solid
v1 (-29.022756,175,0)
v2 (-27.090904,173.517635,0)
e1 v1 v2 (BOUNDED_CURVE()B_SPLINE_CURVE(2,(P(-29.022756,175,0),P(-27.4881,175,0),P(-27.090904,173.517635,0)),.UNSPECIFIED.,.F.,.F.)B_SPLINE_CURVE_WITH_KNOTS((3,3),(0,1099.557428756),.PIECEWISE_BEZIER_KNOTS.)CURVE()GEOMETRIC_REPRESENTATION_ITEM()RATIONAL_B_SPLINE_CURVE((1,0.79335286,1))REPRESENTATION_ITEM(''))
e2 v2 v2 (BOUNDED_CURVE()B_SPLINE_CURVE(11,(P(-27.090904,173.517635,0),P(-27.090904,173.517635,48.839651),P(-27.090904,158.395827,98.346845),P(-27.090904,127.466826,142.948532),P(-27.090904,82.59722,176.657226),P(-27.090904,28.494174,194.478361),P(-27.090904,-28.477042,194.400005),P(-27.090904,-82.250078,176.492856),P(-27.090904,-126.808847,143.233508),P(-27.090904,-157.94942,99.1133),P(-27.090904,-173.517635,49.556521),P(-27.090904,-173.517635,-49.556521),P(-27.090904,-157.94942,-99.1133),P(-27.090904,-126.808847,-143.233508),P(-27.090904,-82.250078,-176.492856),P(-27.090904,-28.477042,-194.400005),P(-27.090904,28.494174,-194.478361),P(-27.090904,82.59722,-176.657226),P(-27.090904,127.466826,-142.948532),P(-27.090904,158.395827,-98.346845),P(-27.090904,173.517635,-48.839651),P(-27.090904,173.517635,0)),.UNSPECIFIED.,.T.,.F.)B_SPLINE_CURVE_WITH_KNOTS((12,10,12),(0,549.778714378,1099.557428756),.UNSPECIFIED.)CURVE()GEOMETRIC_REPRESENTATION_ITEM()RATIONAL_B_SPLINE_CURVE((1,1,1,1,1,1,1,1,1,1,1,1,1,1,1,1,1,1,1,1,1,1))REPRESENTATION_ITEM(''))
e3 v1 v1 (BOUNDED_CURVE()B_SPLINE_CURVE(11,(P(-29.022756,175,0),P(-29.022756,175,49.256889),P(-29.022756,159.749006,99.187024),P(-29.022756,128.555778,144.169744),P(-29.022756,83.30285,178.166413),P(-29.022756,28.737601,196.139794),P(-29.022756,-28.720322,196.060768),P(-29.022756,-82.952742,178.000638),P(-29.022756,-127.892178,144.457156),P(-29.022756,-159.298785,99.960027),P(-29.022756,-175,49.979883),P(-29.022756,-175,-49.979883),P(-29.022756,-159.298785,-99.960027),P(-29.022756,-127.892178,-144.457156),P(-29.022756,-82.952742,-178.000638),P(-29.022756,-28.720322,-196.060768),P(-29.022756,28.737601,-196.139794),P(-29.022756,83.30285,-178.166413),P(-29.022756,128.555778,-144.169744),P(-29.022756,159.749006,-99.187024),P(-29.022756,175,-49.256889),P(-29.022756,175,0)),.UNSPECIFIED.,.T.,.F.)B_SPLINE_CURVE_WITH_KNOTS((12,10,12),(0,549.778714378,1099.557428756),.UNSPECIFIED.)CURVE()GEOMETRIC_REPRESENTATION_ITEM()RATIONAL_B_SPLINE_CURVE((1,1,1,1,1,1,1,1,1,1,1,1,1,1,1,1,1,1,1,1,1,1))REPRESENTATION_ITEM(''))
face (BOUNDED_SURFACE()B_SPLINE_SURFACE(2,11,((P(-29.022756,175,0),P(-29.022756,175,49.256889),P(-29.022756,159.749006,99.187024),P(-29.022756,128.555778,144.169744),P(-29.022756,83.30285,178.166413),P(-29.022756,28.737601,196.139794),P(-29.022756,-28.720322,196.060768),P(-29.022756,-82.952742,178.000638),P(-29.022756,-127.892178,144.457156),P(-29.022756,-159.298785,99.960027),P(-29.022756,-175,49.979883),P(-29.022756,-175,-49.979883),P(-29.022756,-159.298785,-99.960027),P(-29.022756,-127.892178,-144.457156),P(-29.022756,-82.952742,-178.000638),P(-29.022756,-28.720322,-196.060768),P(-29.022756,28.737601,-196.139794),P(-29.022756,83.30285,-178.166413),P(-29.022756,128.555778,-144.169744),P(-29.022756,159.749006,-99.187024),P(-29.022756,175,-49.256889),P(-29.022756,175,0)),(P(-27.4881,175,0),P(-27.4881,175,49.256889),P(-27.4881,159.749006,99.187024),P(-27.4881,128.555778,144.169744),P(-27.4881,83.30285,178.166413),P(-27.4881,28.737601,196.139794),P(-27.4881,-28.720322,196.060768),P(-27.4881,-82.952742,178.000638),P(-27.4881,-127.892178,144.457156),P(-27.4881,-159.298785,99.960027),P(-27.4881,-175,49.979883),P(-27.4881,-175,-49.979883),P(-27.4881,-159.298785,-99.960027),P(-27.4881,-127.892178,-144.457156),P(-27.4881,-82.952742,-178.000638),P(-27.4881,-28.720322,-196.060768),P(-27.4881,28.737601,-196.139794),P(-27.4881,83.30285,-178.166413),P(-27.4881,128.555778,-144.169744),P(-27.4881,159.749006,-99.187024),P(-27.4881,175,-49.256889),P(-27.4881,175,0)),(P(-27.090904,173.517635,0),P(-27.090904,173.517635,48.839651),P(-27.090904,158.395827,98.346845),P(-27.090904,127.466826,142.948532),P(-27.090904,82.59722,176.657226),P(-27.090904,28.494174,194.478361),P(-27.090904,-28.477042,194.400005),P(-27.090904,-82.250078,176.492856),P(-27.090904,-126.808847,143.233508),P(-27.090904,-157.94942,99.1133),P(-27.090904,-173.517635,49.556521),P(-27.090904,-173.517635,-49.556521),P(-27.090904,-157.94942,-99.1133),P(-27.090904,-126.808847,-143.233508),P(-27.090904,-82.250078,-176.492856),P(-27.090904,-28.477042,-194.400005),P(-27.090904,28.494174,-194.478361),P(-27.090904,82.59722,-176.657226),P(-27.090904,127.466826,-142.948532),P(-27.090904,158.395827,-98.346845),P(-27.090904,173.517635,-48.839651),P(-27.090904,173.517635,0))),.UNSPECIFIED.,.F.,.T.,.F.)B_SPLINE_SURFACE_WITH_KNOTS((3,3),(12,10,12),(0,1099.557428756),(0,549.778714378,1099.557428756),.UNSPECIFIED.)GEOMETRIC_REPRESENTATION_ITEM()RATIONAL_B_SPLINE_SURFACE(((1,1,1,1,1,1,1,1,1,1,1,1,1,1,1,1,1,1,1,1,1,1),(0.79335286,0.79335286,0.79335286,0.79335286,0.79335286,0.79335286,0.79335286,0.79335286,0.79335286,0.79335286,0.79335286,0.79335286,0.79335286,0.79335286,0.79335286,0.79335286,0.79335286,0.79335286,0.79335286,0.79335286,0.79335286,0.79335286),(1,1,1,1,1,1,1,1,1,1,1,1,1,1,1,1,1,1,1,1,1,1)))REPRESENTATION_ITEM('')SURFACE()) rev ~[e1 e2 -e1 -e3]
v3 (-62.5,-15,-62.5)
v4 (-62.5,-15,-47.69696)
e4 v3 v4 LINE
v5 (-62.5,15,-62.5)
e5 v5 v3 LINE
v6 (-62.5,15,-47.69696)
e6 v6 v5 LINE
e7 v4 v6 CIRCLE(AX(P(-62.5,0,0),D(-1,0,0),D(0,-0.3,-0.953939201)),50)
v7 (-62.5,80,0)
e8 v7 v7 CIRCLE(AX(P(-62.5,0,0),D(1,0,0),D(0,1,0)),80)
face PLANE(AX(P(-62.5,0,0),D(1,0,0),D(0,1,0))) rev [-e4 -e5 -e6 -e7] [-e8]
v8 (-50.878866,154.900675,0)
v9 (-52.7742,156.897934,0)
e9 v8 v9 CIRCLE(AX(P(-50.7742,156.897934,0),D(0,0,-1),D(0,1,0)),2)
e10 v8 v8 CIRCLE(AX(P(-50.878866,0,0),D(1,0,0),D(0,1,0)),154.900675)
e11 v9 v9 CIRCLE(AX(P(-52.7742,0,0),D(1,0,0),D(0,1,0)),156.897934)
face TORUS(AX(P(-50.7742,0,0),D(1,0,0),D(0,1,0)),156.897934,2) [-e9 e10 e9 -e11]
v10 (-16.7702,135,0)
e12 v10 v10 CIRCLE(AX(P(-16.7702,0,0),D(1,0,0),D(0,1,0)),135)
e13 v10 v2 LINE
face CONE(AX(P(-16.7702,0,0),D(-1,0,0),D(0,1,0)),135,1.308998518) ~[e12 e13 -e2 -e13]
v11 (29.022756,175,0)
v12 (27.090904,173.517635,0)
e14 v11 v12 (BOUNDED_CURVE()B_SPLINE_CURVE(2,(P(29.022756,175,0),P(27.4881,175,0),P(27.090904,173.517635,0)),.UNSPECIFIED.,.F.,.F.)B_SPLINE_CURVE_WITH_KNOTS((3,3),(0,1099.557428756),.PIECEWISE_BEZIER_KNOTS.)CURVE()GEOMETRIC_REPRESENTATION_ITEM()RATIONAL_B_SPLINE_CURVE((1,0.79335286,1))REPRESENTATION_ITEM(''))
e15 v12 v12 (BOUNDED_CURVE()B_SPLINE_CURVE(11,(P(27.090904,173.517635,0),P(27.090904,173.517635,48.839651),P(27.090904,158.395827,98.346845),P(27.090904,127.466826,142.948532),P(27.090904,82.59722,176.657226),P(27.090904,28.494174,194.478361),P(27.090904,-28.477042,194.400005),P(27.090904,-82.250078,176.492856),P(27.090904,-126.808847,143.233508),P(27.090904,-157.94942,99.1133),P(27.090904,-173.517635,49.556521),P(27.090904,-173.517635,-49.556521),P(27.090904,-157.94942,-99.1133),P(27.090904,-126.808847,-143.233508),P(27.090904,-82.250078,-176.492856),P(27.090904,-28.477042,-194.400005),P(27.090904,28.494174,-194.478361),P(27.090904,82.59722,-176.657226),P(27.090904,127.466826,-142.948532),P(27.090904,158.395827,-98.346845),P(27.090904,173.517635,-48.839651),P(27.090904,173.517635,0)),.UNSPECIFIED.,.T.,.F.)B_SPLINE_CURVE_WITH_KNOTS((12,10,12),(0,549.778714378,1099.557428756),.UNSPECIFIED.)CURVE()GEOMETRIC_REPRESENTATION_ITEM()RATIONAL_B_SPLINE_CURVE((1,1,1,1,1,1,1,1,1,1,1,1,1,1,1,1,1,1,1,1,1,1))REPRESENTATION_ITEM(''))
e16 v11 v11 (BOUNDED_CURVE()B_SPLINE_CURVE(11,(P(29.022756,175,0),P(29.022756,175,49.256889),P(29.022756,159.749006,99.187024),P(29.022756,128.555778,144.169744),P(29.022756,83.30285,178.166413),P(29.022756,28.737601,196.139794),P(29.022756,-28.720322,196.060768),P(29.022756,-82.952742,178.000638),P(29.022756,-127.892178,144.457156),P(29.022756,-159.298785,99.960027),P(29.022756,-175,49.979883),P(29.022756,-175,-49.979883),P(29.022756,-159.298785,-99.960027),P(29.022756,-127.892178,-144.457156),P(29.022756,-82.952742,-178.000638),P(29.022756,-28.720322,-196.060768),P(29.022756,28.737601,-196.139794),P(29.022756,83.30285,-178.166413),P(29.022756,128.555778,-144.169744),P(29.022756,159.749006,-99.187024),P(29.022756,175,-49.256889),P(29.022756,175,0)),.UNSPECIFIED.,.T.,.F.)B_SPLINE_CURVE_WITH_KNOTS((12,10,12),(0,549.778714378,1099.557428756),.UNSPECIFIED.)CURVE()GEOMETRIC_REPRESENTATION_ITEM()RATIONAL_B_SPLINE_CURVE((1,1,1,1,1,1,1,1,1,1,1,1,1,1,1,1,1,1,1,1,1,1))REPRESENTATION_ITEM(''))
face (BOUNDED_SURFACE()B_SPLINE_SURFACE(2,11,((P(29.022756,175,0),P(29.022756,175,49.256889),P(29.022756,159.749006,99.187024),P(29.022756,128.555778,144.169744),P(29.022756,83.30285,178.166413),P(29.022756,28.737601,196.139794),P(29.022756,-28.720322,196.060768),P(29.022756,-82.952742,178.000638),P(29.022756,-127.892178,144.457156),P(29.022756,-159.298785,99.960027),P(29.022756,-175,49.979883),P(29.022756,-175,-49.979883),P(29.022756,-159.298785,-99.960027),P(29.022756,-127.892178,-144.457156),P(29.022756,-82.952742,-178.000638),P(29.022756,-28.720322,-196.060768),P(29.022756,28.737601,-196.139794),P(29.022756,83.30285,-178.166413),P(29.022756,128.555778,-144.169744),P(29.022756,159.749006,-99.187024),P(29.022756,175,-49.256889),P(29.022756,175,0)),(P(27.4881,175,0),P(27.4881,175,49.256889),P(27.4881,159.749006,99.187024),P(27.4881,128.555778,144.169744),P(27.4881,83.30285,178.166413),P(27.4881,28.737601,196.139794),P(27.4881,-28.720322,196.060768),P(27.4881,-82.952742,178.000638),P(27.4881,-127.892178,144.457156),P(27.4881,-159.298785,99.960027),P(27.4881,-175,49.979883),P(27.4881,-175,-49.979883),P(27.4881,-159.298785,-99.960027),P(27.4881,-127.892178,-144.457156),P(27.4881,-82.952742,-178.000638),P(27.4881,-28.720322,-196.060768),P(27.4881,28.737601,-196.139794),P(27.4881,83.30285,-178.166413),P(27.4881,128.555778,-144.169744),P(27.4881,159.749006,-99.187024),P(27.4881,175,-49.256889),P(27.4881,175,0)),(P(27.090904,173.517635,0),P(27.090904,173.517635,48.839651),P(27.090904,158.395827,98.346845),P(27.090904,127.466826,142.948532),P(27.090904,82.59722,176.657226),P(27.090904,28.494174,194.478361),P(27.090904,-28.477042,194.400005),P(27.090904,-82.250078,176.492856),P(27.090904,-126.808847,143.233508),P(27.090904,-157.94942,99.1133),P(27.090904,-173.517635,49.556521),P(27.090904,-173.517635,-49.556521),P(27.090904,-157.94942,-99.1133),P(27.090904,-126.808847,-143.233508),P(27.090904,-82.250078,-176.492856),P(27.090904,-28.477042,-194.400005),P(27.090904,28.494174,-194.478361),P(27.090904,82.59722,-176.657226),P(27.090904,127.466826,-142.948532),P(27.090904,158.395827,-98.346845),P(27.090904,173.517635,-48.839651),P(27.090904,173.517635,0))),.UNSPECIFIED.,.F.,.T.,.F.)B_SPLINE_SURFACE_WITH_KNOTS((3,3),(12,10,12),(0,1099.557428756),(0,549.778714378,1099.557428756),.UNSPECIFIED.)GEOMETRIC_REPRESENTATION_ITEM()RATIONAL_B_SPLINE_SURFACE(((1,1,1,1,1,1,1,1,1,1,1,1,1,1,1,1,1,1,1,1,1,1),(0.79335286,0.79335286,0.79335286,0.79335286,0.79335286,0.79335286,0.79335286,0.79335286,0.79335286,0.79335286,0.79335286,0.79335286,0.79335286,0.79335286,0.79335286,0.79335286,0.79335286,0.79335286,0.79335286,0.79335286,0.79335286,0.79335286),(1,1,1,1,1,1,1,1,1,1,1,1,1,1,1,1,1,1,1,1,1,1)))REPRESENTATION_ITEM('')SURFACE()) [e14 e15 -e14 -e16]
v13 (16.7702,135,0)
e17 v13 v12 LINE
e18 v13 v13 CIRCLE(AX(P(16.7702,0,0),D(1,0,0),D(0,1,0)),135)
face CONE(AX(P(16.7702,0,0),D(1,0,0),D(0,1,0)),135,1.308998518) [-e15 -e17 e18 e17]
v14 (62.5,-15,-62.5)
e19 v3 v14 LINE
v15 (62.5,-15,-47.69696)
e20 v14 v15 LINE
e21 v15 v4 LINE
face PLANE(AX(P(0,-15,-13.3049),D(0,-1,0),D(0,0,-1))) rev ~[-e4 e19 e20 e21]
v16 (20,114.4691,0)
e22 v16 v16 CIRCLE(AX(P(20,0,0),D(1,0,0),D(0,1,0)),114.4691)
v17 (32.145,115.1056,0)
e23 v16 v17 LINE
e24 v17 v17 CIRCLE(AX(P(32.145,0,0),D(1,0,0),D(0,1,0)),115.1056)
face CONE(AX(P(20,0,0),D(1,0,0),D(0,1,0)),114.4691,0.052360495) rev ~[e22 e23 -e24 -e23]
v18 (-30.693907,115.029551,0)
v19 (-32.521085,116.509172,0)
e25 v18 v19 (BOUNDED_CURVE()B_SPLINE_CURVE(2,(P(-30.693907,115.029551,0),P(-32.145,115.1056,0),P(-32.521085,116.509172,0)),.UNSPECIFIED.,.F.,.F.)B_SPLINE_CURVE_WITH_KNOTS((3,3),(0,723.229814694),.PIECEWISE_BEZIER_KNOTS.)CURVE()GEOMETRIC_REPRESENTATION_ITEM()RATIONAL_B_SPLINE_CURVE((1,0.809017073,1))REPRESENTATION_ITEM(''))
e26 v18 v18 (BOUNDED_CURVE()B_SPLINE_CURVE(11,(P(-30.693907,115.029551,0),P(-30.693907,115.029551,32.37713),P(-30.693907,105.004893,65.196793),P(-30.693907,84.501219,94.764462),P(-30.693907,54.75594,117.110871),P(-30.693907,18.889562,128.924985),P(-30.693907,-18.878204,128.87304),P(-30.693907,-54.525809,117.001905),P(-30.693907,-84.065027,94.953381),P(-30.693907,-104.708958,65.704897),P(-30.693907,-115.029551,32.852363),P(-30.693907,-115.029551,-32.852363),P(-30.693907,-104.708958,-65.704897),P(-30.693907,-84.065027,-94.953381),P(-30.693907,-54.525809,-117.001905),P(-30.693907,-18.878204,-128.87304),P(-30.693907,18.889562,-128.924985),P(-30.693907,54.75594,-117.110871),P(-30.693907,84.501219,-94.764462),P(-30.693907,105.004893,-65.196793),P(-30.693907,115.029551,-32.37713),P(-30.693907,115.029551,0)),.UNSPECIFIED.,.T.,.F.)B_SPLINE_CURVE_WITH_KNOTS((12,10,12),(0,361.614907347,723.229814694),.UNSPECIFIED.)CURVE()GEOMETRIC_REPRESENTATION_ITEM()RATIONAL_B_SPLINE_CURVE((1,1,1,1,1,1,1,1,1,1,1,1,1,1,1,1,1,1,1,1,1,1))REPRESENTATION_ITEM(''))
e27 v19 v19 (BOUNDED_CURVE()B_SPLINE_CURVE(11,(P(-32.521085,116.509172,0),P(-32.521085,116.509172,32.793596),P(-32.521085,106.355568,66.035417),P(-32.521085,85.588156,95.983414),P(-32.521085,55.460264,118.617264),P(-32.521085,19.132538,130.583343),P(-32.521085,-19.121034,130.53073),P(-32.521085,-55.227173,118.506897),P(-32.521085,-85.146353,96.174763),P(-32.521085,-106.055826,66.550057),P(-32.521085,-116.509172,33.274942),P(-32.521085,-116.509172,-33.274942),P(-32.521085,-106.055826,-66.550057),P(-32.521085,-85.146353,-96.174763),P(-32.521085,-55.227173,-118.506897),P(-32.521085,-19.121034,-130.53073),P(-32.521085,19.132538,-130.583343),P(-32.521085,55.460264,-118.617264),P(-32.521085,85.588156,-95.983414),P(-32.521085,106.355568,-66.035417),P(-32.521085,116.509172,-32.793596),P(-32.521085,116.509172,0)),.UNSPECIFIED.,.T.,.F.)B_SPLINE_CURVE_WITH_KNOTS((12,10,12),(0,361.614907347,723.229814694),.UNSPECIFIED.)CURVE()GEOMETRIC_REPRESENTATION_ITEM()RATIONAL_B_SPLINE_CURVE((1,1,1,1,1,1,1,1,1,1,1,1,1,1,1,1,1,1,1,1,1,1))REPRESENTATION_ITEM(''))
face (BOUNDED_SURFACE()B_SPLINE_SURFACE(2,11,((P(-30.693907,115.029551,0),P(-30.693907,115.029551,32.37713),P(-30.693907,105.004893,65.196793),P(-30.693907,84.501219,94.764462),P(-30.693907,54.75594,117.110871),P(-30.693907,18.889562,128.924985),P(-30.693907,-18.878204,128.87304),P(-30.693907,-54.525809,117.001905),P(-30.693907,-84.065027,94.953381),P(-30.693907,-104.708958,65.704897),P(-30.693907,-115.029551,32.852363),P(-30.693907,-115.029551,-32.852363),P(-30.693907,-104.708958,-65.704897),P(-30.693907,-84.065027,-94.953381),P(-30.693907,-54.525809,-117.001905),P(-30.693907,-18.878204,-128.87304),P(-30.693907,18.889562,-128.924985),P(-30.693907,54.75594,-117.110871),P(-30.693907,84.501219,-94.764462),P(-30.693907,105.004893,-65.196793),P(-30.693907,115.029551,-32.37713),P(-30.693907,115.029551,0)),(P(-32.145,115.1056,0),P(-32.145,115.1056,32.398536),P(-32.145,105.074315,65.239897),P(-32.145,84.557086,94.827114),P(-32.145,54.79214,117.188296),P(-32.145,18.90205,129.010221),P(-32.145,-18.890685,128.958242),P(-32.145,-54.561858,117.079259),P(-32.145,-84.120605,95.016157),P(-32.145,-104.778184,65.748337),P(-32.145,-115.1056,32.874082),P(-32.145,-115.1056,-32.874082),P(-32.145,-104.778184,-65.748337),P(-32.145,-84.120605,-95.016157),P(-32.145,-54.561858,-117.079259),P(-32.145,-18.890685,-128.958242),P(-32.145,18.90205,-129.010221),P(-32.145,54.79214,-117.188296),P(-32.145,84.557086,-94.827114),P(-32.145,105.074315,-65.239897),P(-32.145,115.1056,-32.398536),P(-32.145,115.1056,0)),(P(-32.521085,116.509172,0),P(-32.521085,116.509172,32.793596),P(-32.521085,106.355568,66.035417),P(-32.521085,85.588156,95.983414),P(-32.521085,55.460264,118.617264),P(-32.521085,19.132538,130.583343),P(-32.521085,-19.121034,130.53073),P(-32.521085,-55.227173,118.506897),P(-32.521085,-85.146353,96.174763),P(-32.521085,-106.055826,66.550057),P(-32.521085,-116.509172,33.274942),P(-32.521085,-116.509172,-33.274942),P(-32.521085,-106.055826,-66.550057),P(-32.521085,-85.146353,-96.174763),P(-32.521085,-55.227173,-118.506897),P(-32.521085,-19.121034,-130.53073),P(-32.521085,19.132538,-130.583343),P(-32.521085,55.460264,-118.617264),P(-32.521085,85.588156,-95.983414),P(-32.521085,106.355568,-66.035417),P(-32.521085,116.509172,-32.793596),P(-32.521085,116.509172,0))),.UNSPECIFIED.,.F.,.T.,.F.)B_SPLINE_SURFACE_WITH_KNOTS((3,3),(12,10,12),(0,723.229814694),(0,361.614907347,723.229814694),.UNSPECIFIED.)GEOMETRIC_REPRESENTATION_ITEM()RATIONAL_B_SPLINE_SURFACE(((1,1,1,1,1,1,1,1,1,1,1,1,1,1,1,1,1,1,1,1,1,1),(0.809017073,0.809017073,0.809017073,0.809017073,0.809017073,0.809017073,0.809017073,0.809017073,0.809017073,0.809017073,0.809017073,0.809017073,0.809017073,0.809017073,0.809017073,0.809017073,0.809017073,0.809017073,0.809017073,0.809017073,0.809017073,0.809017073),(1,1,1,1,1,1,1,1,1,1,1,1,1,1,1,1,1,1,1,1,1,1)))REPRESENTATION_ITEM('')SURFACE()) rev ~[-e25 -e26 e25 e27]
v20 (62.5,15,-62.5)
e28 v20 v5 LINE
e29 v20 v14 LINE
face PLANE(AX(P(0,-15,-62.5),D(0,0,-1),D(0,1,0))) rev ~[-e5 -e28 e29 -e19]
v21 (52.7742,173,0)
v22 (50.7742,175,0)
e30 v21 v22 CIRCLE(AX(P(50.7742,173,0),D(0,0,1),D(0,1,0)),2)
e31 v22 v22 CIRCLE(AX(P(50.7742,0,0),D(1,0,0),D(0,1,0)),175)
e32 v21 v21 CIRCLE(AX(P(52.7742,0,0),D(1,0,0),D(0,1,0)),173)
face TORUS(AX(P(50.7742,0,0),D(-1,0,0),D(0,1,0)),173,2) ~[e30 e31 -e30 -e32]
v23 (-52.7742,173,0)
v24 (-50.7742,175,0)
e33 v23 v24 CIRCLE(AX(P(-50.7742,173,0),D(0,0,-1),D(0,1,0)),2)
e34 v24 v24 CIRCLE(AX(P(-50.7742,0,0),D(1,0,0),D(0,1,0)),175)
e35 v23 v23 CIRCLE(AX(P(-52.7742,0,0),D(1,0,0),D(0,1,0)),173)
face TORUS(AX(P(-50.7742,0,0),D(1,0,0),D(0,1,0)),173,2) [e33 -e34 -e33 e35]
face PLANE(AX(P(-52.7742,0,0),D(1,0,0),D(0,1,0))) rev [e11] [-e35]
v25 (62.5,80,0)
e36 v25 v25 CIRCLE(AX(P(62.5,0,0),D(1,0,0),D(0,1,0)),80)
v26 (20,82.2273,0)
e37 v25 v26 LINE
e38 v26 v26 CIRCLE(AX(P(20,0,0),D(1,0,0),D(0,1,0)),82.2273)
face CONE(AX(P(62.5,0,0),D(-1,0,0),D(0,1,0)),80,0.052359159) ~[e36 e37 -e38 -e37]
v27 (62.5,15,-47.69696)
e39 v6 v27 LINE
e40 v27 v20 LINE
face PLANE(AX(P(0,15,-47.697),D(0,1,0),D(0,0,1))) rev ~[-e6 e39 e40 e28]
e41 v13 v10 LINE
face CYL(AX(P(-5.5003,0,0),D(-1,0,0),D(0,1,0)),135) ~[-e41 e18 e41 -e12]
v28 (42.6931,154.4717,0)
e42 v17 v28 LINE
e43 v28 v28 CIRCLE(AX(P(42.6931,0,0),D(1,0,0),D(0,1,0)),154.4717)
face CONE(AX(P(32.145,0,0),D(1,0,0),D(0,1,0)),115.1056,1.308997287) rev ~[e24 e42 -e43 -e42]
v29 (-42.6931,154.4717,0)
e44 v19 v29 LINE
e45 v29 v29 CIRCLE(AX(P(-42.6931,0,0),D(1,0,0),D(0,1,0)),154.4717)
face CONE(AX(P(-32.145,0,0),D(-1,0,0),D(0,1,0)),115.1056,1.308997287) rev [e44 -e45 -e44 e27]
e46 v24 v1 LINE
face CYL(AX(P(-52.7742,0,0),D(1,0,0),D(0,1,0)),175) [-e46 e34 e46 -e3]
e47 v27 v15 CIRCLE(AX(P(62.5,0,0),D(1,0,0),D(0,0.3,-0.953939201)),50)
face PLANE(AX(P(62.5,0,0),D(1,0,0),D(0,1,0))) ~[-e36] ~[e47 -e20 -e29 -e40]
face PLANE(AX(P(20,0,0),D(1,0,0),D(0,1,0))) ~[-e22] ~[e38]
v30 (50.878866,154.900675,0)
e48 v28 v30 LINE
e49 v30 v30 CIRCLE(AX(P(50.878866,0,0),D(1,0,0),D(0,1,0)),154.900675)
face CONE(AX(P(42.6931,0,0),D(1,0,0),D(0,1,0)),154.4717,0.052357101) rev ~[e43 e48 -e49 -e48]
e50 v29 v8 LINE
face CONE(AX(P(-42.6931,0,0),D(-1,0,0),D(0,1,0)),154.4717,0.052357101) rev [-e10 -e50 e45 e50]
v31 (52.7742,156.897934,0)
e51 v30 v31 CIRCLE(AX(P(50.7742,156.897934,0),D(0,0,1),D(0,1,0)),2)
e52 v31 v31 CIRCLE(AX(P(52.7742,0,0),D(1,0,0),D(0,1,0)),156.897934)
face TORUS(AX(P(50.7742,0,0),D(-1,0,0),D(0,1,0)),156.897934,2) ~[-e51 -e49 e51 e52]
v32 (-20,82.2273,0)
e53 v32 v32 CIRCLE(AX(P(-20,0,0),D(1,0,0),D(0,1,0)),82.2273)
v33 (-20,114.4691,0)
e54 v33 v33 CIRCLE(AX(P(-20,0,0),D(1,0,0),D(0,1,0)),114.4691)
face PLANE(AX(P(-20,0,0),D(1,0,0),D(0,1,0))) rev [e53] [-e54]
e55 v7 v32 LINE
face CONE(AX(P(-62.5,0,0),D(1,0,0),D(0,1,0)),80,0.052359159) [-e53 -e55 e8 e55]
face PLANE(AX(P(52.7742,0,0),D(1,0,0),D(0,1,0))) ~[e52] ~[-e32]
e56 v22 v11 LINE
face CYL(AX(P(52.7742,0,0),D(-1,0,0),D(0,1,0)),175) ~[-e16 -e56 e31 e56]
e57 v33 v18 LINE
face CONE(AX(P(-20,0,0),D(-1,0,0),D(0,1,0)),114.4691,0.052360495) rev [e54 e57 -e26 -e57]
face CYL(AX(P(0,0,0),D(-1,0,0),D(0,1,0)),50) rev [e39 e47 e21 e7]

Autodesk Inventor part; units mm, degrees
ref_plane "YZ Plane" through (0, 0, 0) normal (1, 0, 0) x (0, 1, 0)
ref_plane "XZ Plane" through (0, 0, 0) normal (0, 1, 0) x (-1, 0, 0)
ref_plane "XY Plane" through (0, 0, 0) normal (0, 0, 1) x (1, 0, 0)
sketch "Sketch1" plane through (0, 0, 0) normal (0, 0, 1) x (1, 0, 0)
  line L0 (0, 0) -> (31.7677, 0)
  line L1 (0, 50) -> (26.4201, 50)
  line L2 (26.4201, 50) -> (55.3898, 50)
  line L3 (55.3898, 50) -> (62.5, 50)
  line L4 (62.5, 50) -> (62.5, 80)
  line L5 (62.5, 80) -> (20, 82.2273)
  line L6 (20, 82.2273) -> (20, 114.4691)
  line L7 (20, 114.4691) -> (32.145, 115.1056)
  line L8 (32.145, 115.1056) -> (42.6931, 154.4717)
  line L9 (42.6931, 154.4717) -> (52.7742, 155)
  line L10 (52.7742, 155) -> (52.7742, 175)
  line L11 (5.5003, 135) -> (16.7702, 135)
  line L12 (16.7702, 135) -> (27.4881, 175)
  line L13 (52.7742, 175) -> (27.4881, 175)
  line L14 (5.5003, 135) -> (0, 135)
  line L15 (0, 50) -> (0, 157.6069) construction
  line L16 (0, 50) -> (-26.4201, 50)
  line L17 (-26.4201, 50) -> (-55.3898, 50)
  line L18 (-55.3898, 50) -> (-62.5, 50)
  line L19 (-62.5, 50) -> (-62.5, 80)
  line L20 (-62.5, 80) -> (-20, 82.2273)
  line L21 (-20, 82.2273) -> (-20, 114.4691)
  line L22 (-20, 114.4691) -> (-32.145, 115.1056)
  line L23 (-32.145, 115.1056) -> (-42.6931, 154.4717)
  line L24 (-42.6931, 154.4717) -> (-52.7742, 155)
  line L25 (-52.7742, 155) -> (-52.7742, 175)
  line L26 (-5.5003, 135) -> (-16.7702, 135)
  line L27 (-16.7702, 135) -> (-27.4881, 175)
  line L28 (-52.7742, 175) -> (-27.4881, 175)
  line L29 (-5.5003, 135) -> (0, 135)
  dimension "d7" = 62.5
  dimension "d8" = 80
  dimension "d9" = 50
  dimension "d14" = 93
  dimension "d16" = 20
  dimension "d20" = 93
  dimension "d21" = 12.145
  dimension "d23" = 108
  dimension "d24" = 93
  dimension "d25" = 155
  dimension "d26" = 175
  dimension "d27" = 20
revolve "Revolution1" add sketch "Sketch1" angle 360 about axis through (0, 0, 0) along (1, 0, 0)
sketch "Sketch2" plane through (0, 0, 0) normal (1, 0, 0) x (0, 1, 0)
  line L0 (0, 0) -> (-15, 0)
  line L1 (-15, -13.3049) -> (-15, -62.5)
  line L2 (-15, -62.5) -> (15, -62.5)
  line L3 (15, -62.5) -> (15, -13.3049)
  line L4 (15, -13.3049) -> (-15, -13.3049)
  circle A0 centre (0, 0) radius 50 projected
  arc A1 (-15, -47.697) -> (15, -47.697) centre (0, 0) ccw
  dimension "d30" = 15
  dimension "d31" = 62.5
  dimension "d32" = 30
extrude "Extrusion1" cut sketch "Sketch2" against normal mid plane 300 contours L4 L3 A0 L1 | A0 L3 L2 L1 picked at (0, -25.5366)
fillet "Fillet1" radius 2 7 edges at (-27.4881, -175, 0) (27.4881, -175, 0) (52.7742, -175, 0) (52.7742, -155, 0) (-52.7742, -175, 0) (-52.7742, -155, 0) (-32.145, -115.1056, 0)
properties part number "Pulley" material "Steel, Cast"
